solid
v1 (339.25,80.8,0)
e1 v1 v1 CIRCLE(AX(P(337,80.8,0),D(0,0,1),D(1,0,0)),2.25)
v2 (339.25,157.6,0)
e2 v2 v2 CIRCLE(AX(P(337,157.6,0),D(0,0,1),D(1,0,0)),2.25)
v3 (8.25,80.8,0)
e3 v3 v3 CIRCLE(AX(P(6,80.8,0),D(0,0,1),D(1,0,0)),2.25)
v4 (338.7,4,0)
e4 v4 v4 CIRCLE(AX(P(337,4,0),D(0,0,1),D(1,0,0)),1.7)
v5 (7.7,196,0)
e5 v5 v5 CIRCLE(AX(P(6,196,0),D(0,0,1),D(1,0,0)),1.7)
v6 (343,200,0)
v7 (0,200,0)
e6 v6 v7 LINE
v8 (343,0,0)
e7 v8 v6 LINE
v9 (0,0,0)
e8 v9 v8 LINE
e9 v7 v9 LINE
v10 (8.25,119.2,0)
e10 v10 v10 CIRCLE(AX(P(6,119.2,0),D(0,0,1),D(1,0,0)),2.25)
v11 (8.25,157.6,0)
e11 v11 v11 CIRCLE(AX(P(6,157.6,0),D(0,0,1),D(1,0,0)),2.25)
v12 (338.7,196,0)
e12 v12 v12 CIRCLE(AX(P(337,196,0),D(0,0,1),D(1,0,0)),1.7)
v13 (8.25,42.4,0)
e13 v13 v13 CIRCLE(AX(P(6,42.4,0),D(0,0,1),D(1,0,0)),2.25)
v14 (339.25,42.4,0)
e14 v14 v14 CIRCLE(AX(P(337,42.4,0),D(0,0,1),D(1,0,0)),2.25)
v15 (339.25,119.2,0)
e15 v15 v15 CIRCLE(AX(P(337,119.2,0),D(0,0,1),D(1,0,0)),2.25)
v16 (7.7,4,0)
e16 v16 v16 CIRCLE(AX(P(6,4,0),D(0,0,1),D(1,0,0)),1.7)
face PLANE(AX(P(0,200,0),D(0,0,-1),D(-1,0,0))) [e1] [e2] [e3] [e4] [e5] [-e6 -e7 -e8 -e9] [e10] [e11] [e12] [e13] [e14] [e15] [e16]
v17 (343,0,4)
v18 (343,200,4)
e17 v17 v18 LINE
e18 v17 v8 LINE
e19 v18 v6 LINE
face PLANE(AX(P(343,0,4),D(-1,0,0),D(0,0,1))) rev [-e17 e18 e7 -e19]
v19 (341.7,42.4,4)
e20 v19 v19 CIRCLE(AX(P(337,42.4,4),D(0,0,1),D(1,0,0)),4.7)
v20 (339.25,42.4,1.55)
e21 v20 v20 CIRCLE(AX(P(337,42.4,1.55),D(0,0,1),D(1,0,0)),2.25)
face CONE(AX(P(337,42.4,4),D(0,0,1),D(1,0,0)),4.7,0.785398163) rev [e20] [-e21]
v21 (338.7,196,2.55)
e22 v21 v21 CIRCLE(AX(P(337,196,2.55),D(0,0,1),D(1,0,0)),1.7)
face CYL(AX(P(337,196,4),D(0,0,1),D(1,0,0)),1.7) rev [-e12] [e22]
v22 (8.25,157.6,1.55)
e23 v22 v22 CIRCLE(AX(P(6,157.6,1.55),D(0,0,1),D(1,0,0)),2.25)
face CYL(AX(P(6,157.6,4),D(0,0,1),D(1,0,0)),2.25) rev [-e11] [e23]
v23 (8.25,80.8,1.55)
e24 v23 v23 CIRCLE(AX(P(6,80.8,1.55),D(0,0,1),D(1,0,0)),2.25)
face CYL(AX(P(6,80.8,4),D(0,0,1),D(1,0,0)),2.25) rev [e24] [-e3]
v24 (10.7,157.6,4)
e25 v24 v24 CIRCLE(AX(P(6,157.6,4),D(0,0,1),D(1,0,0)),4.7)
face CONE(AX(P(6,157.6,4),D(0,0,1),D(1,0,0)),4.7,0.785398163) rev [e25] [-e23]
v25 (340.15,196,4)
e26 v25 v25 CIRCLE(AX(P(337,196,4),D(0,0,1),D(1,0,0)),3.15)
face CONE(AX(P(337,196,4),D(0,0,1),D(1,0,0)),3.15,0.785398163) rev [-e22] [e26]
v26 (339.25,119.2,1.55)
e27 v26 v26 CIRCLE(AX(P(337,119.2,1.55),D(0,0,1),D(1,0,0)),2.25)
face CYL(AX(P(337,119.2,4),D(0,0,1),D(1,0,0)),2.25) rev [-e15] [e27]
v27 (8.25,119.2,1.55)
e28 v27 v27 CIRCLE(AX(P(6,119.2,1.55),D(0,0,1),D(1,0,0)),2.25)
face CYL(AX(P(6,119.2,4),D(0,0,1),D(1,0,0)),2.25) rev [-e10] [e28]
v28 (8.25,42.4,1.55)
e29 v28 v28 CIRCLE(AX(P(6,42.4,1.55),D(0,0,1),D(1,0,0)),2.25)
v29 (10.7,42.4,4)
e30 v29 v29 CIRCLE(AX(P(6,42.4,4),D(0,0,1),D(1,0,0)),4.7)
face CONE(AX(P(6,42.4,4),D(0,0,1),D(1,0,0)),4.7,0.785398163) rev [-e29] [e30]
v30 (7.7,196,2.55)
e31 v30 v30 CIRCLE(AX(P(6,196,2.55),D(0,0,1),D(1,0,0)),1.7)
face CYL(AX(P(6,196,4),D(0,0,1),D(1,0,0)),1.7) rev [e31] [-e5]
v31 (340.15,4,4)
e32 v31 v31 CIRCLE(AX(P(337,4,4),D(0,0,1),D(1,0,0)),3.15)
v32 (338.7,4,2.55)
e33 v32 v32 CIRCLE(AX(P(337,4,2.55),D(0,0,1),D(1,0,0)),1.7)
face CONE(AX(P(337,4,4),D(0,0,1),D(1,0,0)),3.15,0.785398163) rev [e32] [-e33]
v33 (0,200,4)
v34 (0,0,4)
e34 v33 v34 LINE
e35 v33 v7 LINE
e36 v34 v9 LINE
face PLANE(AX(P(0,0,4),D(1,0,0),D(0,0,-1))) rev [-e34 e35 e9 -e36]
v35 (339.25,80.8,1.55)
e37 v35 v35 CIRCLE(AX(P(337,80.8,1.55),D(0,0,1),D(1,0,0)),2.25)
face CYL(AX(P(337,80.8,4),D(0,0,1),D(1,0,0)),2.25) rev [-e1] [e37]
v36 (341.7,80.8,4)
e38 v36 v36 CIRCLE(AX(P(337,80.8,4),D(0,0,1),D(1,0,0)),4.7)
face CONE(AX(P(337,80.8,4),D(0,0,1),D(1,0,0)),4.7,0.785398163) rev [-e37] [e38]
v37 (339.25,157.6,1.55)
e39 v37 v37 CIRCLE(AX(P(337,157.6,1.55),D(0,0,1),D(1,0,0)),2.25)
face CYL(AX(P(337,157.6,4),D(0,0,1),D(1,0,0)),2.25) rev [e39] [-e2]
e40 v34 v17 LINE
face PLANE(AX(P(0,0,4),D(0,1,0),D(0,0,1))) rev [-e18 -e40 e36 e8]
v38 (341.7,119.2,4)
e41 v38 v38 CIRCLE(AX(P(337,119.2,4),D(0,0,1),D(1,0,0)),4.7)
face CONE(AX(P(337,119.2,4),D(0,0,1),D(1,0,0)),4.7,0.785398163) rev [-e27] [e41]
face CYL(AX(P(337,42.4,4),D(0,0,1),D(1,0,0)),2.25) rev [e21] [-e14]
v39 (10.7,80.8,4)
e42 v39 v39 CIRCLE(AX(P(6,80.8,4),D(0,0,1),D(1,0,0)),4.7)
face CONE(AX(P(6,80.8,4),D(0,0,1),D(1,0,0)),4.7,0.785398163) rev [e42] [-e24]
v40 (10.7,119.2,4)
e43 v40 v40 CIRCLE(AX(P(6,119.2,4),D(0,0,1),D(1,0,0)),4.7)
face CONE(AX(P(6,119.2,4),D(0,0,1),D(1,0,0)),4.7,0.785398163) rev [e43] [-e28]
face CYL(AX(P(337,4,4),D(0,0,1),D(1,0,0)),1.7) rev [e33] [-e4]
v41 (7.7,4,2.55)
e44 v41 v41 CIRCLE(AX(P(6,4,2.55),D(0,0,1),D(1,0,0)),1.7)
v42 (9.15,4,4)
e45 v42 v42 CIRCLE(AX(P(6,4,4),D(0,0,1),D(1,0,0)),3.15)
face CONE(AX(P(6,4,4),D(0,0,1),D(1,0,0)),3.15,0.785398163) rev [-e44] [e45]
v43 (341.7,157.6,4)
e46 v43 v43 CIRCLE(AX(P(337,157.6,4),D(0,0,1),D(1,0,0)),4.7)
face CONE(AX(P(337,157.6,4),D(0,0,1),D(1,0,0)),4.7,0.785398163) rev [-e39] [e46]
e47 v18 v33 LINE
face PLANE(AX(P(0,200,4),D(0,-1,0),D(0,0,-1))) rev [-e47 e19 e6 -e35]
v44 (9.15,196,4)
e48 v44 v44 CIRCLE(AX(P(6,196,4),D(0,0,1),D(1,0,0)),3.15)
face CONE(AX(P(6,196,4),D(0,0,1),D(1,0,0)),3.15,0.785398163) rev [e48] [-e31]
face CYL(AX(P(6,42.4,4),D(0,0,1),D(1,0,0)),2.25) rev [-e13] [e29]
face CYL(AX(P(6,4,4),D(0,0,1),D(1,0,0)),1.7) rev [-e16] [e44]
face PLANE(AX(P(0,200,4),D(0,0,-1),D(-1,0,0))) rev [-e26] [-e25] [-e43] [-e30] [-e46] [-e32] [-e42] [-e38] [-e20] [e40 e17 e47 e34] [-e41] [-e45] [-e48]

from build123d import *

# Parameters (mm, degrees)
SKETCH1_W                                           = 343
SKETCH1_H                                           = 200
EXTRUDE1_DEPTH                                      = 4
CSK_FOR_M3_COUNTERSUNK_FLAT_HEAD_SCREW1_D           = 3.4
CSK_FOR_M3_COUNTERSUNK_FLAT_HEAD_SCREW1_CSINK_D     = 6.3
CSK_FOR_M3_COUNTERSUNK_FLAT_HEAD_SCREW1_CSINK_ANGLE = 90
CSK_FOR_M4_COUNTERSUNK_FLAT_HEAD_SCR_2_COUNT        = 2
CSK_FOR_M4_COUNTERSUNK_FLAT_HEAD_SCR_2_PITCH        = 331
LPATTERN1_COUNT                                     = 4
LPATTERN1_PITCH                                     = 38.4


with BuildPart() as part:
    # Sketch1 → Extrude1 (new body)
    with BuildSketch(Plane.XY):
        with Locations((171.5, 100)):
            Rectangle(SKETCH1_W, SKETCH1_H)
    extrude(amount=EXTRUDE1_DEPTH)

    # CSK for M3 Countersunk Flat Head Screw1 (through all)
    with Locations(Plane(origin=(6, 196, 4), x_dir=(1, 0, 0), z_dir=(0, 0, 1))):
        with Locations((0, 0), (0, -192), (331, -192), (331, 0)):
            CounterSinkHole(CSK_FOR_M3_COUNTERSUNK_FLAT_HEAD_SCREW1_D / 2, CSK_FOR_M3_COUNTERSUNK_FLAT_HEAD_SCREW1_CSINK_D / 2, counter_sink_angle=CSK_FOR_M3_COUNTERSUNK_FLAT_HEAD_SCREW1_CSINK_ANGLE)

    # Sketch4 → CSK for M4 Countersunk Flat Head Screw1 (revolve, cut)
    with BuildSketch(Plane(origin=(6, 42.4, 4), x_dir=(0, -1, 0), z_dir=(1, 0, 0))):
        Polygon((0, 0), (0, 4), (2.25, 4), (2.25, 2.45), (4.7, 0), align=None)
    csk_for_m4_countersunk_flat_head_screw1 = revolve(axis=Axis((6, 42.4, 10.35), (0, 0, -1)), mode=Mode.SUBTRACT)

    # CSK for M4 Countersunk Flat Head Scr 2: CSK for M4 Countersunk Flat Head Screw1 ×2
    with Locations(*[(i * CSK_FOR_M4_COUNTERSUNK_FLAT_HEAD_SCR_2_PITCH, 0, 0) for i in range(1, CSK_FOR_M4_COUNTERSUNK_FLAT_HEAD_SCR_2_COUNT)]):
        add(csk_for_m4_countersunk_flat_head_screw1, mode=Mode.SUBTRACT)

    # LPattern1: CSK for M4 Countersunk Flat Head Screw1 ×4
    with Locations(*[(0, i * LPATTERN1_PITCH, 0) for i in range(1, LPATTERN1_COUNT)]):
        add(csk_for_m4_countersunk_flat_head_screw1, mode=Mode.SUBTRACT)

    # LPattern1 copy 1 sketch → LPattern1 copy 1 (revolve, cut)
    with BuildSketch(Plane(origin=(337, 80.8, 4), x_dir=(0, -1, 0), z_dir=(1, 0, 0))):
        Polygon((0, 0), (0, 4), (2.25, 4), (2.25, 2.45), (4.7, 0), align=None)
    revolve(axis=Axis((337, 80.8, 10.35), (0, 0, -1)), mode=Mode.SUBTRACT)

    # LPattern1 copy 2 sketch → LPattern1 copy 2 (revolve, cut)
    with BuildSketch(Plane(origin=(337, 119.2, 4), x_dir=(0, -1, 0), z_dir=(1, 0, 0))):
        Polygon((0, 0), (0, 4), (2.25, 4), (2.25, 2.45), (4.7, 0), align=None)
    revolve(axis=Axis((337, 119.2, 10.35), (0, 0, -1)), mode=Mode.SUBTRACT)

    # LPattern1 copy 3 sketch → LPattern1 copy 3 (revolve, cut)
    with BuildSketch(Plane(origin=(337, 157.6, 4), x_dir=(0, -1, 0), z_dir=(1, 0, 0))):
        Polygon((0, 0), (0, 4), (2.25, 4), (2.25, 2.45), (4.7, 0), align=None)
    revolve(axis=Axis((337, 157.6, 10.35), (0, 0, -1)), mode=Mode.SUBTRACT)


solid = part.part
